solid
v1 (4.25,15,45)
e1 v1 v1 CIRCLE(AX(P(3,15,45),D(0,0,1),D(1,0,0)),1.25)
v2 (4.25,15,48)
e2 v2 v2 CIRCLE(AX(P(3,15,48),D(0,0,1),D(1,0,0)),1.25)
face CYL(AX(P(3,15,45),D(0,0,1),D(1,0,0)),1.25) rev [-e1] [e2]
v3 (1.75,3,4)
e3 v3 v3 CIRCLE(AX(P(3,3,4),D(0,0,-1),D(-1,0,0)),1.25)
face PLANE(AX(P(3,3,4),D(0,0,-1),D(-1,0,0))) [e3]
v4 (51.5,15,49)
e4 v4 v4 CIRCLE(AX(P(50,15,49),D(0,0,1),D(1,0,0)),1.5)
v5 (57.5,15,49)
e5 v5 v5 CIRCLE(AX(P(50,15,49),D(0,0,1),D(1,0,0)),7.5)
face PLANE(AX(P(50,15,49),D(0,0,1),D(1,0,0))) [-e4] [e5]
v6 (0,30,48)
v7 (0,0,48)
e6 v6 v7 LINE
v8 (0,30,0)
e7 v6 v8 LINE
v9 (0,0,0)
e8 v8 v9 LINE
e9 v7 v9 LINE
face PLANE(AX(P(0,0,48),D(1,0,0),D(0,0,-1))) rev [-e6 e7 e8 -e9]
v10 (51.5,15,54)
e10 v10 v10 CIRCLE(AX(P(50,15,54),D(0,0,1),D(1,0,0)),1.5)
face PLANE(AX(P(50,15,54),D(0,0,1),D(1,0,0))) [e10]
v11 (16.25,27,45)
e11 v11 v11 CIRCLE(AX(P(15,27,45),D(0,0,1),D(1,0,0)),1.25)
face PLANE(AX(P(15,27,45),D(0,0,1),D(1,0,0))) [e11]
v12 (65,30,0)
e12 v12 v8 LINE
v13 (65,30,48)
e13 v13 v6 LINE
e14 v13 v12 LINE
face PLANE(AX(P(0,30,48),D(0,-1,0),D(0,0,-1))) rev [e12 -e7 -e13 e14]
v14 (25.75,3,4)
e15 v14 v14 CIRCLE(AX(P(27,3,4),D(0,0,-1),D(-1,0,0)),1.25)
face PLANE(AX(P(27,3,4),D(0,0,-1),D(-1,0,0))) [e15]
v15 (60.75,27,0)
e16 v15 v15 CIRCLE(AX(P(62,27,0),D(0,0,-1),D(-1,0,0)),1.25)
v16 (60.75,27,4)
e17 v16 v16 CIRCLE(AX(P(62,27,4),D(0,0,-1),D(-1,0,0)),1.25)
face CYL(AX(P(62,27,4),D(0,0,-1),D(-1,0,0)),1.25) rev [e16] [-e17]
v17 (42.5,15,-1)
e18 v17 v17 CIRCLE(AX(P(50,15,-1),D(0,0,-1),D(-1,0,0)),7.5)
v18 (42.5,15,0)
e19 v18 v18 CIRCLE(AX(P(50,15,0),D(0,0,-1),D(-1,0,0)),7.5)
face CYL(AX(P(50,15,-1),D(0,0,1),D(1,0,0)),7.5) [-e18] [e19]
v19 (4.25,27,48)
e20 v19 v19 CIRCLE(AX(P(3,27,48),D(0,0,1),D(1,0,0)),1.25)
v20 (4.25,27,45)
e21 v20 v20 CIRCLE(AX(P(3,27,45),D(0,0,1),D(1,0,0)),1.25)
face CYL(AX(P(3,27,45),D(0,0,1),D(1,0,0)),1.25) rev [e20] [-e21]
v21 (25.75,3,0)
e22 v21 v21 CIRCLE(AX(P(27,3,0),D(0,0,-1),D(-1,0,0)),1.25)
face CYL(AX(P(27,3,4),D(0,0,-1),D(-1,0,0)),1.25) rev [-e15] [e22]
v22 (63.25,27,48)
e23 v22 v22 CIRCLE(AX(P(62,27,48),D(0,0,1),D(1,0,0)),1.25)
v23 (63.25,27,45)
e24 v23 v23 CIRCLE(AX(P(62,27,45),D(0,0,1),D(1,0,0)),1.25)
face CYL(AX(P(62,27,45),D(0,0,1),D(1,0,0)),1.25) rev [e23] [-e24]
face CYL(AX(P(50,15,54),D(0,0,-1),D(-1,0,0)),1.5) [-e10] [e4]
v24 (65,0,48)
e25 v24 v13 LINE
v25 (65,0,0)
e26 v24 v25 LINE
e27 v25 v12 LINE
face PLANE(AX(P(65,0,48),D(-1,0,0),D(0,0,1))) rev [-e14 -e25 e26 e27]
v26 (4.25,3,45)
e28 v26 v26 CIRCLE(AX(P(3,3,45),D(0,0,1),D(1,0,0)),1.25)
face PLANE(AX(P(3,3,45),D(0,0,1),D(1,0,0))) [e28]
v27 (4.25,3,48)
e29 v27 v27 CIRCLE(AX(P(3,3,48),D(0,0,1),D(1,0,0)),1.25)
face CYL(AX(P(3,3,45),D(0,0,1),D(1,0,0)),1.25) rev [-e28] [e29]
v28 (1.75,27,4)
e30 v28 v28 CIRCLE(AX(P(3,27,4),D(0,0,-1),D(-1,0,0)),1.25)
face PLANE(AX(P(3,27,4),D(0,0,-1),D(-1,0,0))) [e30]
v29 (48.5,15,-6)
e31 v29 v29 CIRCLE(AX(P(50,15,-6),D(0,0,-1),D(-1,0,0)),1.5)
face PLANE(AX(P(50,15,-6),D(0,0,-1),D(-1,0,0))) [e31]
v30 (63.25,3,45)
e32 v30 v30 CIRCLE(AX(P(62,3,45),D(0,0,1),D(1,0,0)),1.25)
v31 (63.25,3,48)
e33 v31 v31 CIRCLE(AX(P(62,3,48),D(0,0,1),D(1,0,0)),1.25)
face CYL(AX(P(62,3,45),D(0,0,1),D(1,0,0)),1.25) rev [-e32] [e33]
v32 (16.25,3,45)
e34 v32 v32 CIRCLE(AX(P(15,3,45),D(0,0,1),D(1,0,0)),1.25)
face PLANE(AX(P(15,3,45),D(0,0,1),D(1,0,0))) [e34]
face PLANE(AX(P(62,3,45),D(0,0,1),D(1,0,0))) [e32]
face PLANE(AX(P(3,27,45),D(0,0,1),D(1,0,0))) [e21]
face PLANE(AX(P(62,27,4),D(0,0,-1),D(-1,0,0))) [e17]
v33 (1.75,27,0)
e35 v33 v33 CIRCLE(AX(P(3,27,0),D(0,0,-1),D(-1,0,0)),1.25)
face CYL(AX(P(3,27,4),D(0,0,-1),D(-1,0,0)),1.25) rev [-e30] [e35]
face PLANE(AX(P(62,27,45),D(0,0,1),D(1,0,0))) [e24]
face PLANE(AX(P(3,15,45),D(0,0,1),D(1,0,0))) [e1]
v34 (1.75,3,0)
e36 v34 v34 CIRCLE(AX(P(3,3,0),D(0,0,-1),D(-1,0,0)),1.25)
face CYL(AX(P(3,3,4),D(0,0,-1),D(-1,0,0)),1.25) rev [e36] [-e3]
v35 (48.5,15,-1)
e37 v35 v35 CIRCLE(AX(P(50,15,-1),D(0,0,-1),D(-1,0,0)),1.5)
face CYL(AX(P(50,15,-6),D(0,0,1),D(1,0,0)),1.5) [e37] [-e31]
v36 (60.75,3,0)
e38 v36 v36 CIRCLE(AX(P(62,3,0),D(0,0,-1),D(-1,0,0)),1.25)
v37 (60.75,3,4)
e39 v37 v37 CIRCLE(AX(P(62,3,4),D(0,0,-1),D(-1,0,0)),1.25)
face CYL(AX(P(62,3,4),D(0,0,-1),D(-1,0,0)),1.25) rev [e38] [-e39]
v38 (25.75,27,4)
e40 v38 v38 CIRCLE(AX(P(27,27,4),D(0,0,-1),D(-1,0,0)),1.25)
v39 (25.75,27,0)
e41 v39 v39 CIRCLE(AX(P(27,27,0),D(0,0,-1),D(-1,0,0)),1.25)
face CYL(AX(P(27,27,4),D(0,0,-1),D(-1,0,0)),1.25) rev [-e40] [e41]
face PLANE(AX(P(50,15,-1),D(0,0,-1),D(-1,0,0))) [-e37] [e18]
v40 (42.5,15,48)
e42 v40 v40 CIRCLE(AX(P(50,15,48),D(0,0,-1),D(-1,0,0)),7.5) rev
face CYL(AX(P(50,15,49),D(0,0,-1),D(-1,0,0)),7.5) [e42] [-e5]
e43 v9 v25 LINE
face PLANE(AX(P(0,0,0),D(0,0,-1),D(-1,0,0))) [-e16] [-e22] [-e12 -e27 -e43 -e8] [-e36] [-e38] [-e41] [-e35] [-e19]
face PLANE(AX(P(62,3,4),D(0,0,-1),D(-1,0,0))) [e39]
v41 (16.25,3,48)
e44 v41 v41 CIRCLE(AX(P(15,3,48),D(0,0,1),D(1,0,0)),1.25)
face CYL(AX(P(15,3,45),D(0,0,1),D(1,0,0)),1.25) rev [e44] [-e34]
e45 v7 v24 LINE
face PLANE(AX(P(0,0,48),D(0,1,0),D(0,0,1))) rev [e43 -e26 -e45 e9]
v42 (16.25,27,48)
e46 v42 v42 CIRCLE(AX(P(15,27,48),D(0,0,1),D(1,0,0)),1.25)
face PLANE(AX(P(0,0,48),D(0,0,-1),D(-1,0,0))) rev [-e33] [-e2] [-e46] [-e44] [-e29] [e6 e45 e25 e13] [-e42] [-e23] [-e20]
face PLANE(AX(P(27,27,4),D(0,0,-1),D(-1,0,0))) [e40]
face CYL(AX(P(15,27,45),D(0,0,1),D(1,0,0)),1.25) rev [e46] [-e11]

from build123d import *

# Parameters (mm, degrees)
SKETCH_1_W          = 65
SKETCH_1_H          = 30
EXTRUDE_1_DEPTH     = 48
SKETCH_2_R          = 1.25
CUT_EXTRUDE_1_DEPTH = 3
SKETCH_3_R          = 7.5
SKETCH_3_R_2        = 1.5
EXTRUDE_2_DEPTH     = 1
SKETCH_4_R          = 1.5
EXTRUDE_3_DEPTH     = 6
CUT_EXTRUDE_START   = -4
SKETCH_5_R          = 1.25
CUT_EXTRUDE_2_DEPTH = 4
EXTRUDE_START       = 1
SKETCH_6_R          = 7.5
SKETCH_6_R_2        = 1.5
EXTRUDE_4_DEPTH     = 1
EXTRUDE_START_2     = 6
SKETCH_7_R          = 1.5
EXTRUDE_5_DEPTH     = 6


with BuildPart() as part:
    # ｽｹｯﾁ1 → ﾎﾞｽ - 押し出し1 (new body)
    with BuildSketch(Plane.XY):
        with Locations((32.5, 15)):
            Rectangle(SKETCH_1_W, SKETCH_1_H)
    extrude(amount=EXTRUDE_1_DEPTH)

    # ｽｹｯﾁ2 → ｶｯﾄ - 押し出し1 (cut)
    with BuildSketch(Plane.XY.offset(48)):
        with Locations((3, 27)):
            Circle(SKETCH_2_R)
        with Locations((15, 27)):
            Circle(SKETCH_2_R)
        with Locations((3, 3)):
            Circle(SKETCH_2_R)
        with Locations((3, 15)):
            Circle(SKETCH_2_R)
        with Locations((15, 3)):
            Circle(SKETCH_2_R)
        with Locations((62, 27)):
            Circle(SKETCH_2_R)
        with Locations((62, 3)):
            Circle(SKETCH_2_R)
    extrude(amount=-CUT_EXTRUDE_1_DEPTH, mode=Mode.SUBTRACT)

    # ｽｹｯﾁ3 → ﾎﾞｽ - 押し出し2 (add)
    with BuildSketch(Plane.XY.offset(48)):
        with Locations(Location((50, 15, 0), (0, 0, 180))):
            Circle(SKETCH_3_R)
        with Locations((50, 15)):
            Circle(SKETCH_3_R_2, mode=Mode.SUBTRACT)
    extrude(amount=EXTRUDE_2_DEPTH)

    # ｽｹｯﾁ4 → ﾎﾞｽ - 押し出し3 (add)
    with BuildSketch(Plane.XY.offset(48)):
        with Locations((50, 15)):
            Circle(SKETCH_4_R)
    extrude(amount=EXTRUDE_3_DEPTH)

    # ｽｹｯﾁ5 → ｶｯﾄ - 押し出し2 (cut)
    with BuildSketch(Plane(origin=(0, 0, 0), x_dir=(-1, 0, 0), z_dir=(0, 0, -1)).offset(CUT_EXTRUDE_START)):
        with Locations(Location((-3, 3, 0), (0, 0, 180))):
            Circle(SKETCH_5_R)
        with Locations(Location((-3, 27, 0), (0, 0, 180))):
            Circle(SKETCH_5_R)
        with Locations((-27, 27)):
            Circle(SKETCH_5_R)
        with Locations((-27, 3)):
            Circle(SKETCH_5_R)
        with Locations(Location((-62, 27, 0), (0, 0, 180))):
            Circle(SKETCH_5_R)
        with Locations(Location((-62, 3, 0), (0, 0, 180))):
            Circle(SKETCH_5_R)
    extrude(amount=CUT_EXTRUDE_2_DEPTH, mode=Mode.SUBTRACT)

    # ｽｹｯﾁ6 → ﾎﾞｽ - 押し出し4 (add)
    with BuildSketch(Plane(origin=(0, 0, 0), x_dir=(-1, 0, 0), z_dir=(0, 0, -1)).offset(EXTRUDE_START)):
        with Locations((-50, 15)):
            Circle(SKETCH_6_R)
        with Locations(Location((-50, 15, 0), (0, 0, 180))):
            Circle(SKETCH_6_R_2, mode=Mode.SUBTRACT)
    extrude(amount=-EXTRUDE_4_DEPTH)

    # ｽｹｯﾁ7 → ﾎﾞｽ - 押し出し5 (add)
    with BuildSketch(Plane(origin=(0, 0, 0), x_dir=(-1, 0, 0), z_dir=(0, 0, -1)).offset(EXTRUDE_START_2)):
        with Locations(Location((-50, 15, 0), (0, 0, 180))):
            Circle(SKETCH_7_R)
    extrude(amount=-EXTRUDE_5_DEPTH)


solid = part.part
